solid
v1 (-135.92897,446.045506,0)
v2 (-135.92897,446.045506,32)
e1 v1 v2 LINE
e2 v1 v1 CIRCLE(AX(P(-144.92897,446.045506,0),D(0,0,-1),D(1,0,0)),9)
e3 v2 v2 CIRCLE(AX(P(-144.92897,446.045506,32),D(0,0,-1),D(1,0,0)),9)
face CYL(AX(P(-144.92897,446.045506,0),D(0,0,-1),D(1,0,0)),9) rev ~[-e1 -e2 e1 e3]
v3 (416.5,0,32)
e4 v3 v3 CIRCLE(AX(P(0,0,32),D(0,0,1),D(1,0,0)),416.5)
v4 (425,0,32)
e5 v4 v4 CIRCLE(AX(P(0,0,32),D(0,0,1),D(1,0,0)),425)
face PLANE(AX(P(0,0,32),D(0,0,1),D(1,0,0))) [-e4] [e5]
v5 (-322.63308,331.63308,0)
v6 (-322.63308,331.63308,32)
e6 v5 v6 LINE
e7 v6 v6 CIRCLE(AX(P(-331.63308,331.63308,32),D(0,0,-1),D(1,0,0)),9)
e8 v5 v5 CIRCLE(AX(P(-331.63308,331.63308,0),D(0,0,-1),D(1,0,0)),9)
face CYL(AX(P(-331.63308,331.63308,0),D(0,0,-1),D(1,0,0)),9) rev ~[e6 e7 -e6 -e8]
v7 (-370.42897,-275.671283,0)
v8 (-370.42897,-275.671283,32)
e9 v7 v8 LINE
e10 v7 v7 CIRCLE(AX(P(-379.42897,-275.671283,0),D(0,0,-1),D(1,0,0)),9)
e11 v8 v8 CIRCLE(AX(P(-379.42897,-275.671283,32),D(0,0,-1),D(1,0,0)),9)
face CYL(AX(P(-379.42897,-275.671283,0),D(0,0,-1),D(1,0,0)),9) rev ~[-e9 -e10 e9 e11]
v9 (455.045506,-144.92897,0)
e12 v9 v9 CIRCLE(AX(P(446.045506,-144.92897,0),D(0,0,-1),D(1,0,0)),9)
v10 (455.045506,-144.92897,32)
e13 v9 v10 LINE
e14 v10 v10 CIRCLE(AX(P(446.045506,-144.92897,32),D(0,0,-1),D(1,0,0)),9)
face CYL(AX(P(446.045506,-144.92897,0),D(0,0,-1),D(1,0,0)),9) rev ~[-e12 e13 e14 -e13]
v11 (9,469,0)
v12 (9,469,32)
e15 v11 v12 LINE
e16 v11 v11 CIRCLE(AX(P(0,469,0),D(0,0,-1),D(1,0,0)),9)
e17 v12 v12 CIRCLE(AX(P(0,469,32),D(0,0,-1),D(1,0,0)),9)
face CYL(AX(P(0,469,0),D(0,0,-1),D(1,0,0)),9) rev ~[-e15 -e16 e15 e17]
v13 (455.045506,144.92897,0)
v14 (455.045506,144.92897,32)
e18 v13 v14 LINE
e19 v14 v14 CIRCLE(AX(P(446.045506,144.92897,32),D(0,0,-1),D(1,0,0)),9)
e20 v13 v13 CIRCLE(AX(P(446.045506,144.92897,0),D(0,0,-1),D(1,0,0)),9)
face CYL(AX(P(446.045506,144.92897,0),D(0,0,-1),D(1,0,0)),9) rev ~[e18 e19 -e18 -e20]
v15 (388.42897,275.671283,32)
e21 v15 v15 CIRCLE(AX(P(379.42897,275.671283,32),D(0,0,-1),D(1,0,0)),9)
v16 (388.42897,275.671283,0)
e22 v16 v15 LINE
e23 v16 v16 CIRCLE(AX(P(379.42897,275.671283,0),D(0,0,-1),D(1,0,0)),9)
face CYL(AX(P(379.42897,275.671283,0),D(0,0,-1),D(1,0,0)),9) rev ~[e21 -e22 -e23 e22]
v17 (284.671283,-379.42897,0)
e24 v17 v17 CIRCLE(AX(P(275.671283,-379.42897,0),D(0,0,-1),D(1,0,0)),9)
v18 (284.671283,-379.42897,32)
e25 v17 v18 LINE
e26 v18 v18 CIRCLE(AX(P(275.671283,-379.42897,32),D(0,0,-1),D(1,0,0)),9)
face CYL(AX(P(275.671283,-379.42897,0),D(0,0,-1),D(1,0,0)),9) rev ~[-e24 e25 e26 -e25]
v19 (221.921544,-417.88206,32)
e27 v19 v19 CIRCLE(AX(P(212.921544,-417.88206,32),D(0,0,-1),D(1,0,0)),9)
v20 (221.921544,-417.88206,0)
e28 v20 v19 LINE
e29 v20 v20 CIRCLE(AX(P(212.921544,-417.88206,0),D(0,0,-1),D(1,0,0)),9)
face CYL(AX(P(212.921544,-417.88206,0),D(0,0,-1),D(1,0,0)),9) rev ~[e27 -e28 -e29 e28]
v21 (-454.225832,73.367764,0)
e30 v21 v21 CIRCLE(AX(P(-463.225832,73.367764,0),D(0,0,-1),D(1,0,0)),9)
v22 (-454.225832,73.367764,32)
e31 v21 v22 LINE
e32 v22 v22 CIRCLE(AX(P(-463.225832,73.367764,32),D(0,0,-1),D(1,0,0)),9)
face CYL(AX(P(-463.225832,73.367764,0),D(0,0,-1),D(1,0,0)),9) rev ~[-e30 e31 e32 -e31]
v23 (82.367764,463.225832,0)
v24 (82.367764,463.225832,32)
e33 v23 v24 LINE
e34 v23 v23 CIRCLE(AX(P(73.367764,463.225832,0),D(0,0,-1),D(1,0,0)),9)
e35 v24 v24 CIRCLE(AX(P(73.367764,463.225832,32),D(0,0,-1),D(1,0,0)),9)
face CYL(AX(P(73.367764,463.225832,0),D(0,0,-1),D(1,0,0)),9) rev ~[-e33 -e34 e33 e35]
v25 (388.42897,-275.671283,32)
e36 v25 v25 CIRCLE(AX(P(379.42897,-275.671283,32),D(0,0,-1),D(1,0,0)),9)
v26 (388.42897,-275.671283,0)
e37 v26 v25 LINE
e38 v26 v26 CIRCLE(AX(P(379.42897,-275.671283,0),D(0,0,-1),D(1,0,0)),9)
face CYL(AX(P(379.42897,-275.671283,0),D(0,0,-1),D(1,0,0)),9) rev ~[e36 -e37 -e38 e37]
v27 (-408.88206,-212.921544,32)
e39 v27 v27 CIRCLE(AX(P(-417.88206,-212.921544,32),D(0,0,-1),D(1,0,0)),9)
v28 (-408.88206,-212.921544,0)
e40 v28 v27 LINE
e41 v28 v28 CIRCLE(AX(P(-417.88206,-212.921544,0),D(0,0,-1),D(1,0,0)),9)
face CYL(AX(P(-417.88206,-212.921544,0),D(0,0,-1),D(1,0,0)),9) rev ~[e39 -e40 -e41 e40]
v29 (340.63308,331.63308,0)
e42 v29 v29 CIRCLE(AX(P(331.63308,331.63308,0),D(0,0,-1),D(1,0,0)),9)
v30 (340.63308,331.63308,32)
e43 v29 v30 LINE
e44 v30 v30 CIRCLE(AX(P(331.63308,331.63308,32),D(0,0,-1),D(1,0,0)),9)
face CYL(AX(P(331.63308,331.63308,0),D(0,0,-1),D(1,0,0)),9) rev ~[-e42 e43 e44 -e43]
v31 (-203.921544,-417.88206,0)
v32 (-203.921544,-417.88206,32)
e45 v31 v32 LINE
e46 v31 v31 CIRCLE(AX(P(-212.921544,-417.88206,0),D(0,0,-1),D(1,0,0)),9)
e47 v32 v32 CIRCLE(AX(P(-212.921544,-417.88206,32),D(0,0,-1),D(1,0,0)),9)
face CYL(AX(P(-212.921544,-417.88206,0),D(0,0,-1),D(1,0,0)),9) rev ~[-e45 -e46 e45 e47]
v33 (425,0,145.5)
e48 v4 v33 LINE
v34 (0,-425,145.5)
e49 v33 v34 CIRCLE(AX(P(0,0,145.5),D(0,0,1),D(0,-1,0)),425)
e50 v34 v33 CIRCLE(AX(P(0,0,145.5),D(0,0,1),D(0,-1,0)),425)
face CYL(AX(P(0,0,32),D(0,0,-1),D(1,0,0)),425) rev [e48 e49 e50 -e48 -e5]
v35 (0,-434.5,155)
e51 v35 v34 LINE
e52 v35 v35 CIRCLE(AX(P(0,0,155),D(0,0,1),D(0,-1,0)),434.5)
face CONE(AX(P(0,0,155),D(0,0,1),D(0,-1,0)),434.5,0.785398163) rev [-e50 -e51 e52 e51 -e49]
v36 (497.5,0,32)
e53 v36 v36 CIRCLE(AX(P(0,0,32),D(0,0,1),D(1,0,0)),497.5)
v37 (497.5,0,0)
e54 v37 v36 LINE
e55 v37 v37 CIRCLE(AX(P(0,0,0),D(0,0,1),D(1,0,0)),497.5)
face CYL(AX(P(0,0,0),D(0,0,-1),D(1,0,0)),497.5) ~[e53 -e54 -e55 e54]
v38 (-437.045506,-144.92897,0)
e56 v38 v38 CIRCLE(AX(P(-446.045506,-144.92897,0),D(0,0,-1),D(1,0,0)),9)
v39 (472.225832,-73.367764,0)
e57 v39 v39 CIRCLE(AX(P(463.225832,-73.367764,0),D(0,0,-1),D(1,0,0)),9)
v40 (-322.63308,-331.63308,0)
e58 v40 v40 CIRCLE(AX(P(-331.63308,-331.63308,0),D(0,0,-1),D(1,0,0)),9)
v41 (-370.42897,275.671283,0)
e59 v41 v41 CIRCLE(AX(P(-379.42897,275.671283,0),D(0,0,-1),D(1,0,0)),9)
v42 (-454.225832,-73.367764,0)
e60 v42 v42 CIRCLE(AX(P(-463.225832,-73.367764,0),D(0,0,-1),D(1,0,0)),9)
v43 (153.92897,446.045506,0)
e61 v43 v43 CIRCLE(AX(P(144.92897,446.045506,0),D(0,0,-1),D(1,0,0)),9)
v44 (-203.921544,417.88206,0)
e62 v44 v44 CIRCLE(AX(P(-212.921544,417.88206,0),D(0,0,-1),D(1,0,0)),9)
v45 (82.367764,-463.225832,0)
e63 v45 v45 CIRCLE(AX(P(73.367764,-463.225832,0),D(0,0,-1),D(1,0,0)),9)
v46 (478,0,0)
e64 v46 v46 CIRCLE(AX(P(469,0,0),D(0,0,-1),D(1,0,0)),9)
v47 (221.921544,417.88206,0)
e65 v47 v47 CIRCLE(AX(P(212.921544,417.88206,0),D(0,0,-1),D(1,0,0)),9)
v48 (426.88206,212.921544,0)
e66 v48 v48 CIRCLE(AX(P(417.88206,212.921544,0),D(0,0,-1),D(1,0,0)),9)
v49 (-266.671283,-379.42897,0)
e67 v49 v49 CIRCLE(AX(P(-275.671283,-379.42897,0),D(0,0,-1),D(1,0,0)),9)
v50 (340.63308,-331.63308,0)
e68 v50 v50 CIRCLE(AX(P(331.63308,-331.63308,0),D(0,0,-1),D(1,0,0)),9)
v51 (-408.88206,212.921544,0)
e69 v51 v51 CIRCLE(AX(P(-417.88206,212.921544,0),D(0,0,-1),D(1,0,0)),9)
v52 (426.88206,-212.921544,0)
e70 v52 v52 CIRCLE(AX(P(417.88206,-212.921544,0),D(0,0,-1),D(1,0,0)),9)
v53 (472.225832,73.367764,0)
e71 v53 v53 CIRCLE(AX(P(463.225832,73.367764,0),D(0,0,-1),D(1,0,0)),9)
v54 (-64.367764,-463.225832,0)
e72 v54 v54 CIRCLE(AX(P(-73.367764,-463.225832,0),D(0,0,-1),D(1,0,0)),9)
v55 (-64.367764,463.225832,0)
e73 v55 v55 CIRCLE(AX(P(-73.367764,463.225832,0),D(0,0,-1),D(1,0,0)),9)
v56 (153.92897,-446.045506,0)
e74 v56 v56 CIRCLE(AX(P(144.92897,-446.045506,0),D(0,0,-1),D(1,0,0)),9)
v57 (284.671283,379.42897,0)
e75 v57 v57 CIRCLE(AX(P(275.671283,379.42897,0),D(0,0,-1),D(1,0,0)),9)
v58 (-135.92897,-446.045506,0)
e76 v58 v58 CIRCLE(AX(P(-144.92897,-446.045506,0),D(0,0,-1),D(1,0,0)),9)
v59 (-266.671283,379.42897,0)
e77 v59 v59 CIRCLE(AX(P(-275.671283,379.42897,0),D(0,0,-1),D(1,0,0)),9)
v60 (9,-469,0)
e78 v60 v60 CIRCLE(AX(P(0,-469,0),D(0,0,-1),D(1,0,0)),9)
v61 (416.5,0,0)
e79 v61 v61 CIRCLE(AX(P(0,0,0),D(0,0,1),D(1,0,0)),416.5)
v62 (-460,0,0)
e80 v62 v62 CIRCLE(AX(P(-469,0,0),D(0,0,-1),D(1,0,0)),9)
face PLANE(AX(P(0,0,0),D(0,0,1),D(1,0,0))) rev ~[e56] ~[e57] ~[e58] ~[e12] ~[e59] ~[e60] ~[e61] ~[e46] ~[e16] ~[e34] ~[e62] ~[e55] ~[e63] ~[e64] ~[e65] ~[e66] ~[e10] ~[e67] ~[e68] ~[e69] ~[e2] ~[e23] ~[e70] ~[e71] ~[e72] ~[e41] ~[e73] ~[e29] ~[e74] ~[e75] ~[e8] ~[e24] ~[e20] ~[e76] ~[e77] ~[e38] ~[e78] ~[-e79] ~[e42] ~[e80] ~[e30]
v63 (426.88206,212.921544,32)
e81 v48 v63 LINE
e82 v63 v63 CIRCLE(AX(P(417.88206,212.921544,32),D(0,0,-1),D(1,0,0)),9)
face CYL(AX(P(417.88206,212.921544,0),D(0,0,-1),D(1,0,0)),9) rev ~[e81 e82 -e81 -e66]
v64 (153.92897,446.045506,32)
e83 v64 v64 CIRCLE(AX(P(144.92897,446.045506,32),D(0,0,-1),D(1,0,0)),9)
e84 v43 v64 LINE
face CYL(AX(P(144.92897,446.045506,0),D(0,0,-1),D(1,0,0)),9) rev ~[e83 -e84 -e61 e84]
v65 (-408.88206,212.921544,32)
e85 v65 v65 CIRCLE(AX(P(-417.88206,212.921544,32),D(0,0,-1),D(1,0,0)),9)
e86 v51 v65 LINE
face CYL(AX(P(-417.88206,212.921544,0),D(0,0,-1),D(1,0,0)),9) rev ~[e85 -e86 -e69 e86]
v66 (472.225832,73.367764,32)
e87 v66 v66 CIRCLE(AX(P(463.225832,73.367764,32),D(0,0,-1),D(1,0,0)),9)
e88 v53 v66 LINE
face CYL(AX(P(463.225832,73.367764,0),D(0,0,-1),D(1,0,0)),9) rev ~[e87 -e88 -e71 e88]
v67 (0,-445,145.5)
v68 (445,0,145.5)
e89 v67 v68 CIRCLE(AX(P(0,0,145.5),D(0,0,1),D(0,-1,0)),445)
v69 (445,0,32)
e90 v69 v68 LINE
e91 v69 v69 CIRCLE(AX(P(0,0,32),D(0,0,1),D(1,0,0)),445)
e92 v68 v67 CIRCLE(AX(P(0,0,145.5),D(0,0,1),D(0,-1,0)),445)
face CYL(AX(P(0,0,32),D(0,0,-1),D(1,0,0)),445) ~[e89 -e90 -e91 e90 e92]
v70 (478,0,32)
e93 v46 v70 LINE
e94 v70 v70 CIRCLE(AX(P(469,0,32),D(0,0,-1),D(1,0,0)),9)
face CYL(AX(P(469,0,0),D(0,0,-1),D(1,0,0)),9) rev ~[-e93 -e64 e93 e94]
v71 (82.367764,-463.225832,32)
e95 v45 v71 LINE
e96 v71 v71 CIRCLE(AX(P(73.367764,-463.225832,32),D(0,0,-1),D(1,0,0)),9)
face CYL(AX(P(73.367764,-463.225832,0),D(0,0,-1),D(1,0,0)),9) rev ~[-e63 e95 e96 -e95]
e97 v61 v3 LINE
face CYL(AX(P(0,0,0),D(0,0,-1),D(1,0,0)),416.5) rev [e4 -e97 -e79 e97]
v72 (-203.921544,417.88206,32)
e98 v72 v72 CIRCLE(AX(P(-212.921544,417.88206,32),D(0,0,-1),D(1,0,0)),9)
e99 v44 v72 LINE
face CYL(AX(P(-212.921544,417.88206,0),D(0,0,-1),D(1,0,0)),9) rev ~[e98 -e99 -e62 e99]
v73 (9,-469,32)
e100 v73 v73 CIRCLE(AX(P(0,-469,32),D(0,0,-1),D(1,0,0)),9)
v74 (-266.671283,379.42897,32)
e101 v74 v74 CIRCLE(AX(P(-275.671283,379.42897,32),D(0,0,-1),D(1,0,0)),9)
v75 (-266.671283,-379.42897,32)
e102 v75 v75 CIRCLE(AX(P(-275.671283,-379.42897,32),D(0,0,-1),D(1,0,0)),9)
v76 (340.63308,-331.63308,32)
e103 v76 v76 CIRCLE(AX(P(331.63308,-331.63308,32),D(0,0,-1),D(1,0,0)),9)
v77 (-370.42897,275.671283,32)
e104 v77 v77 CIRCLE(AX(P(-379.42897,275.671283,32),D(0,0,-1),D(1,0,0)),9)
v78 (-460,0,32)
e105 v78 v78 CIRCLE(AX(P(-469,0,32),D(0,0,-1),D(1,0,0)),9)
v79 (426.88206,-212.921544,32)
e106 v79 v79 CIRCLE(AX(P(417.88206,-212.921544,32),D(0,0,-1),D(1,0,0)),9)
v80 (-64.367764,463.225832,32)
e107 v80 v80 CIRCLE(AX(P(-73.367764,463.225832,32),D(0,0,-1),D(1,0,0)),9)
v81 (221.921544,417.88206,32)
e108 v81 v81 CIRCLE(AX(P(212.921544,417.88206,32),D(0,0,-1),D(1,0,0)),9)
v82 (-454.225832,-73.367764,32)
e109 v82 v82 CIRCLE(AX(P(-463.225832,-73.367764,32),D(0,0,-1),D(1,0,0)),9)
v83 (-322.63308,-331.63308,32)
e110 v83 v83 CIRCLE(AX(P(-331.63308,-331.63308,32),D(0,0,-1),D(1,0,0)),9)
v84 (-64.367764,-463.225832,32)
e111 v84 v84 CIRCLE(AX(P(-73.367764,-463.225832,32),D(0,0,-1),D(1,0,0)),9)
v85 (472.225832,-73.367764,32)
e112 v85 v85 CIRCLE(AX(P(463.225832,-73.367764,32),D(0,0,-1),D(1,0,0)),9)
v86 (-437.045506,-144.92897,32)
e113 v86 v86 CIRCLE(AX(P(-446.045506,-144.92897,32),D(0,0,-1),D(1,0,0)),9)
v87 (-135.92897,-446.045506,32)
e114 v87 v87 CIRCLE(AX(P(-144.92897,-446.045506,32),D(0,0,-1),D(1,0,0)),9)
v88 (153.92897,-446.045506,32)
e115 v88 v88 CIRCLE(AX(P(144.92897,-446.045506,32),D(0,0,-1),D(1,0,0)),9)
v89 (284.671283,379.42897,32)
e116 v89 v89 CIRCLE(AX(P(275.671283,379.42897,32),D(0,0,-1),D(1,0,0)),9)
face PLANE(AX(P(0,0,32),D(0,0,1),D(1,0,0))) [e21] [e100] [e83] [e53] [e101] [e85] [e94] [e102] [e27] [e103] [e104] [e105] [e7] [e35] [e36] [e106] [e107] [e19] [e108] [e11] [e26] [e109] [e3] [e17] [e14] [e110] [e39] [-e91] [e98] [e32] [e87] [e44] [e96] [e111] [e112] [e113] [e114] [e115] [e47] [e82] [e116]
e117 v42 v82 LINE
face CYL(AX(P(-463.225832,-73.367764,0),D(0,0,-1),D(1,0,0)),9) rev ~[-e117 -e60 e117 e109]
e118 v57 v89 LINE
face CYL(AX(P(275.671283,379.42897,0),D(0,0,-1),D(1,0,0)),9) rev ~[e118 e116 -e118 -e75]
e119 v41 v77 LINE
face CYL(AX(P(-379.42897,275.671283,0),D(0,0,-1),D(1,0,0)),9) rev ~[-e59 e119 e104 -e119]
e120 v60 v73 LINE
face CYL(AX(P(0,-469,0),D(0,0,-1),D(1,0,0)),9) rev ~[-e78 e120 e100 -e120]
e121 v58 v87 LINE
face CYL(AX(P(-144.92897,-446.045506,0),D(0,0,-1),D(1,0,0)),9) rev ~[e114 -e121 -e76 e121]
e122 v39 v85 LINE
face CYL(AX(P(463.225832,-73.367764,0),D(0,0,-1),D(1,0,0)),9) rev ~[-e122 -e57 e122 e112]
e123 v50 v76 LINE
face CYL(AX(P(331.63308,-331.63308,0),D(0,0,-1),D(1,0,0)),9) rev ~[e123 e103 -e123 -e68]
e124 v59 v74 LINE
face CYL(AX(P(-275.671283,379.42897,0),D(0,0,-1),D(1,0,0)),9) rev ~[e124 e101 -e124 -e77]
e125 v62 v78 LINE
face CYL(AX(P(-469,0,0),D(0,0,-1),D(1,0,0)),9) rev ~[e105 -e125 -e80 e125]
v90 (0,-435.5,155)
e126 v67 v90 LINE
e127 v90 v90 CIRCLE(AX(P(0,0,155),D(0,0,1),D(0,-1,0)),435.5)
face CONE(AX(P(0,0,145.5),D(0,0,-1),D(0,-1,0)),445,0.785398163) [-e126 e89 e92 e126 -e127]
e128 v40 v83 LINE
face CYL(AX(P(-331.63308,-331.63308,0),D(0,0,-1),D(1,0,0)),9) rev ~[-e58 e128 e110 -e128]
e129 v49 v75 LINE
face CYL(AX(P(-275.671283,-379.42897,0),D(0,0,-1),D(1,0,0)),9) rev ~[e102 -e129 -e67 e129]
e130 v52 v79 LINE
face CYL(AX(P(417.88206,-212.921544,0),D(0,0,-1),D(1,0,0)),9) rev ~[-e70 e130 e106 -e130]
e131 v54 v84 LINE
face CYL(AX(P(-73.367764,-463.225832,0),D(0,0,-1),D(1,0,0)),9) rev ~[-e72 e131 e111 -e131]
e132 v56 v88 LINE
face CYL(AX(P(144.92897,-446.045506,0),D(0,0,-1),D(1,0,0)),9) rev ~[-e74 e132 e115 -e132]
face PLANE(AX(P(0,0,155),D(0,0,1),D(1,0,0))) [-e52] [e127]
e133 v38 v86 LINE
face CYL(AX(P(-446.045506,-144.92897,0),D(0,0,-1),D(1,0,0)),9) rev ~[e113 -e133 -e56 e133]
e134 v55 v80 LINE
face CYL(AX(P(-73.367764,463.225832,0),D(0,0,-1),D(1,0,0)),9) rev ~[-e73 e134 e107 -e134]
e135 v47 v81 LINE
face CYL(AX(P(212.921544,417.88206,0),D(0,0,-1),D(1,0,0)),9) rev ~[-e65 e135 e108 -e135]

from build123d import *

# Parameters (mm, degrees)
F0_R     = 497.5
F0_R_2   = 416.5
F1_DEPTH = 32
F2_R     = 445
F2_R_2   = 425
F3_DEPTH = 123
F6_R     = 9
F7_DEPTH = 155.001


with BuildPart() as f1:
    # F0 (on Top) → F1 (new body)
    with BuildSketch(Plane.XY):
        Circle(F0_R)
        Circle(F0_R_2, mode=Mode.SUBTRACT)
    extrude(amount=F1_DEPTH)

    # F2 (on face) → F3 (join)
    with BuildSketch(Plane.XY.offset(32)):
        Circle(F2_R)
        Circle(F2_R_2, mode=Mode.SUBTRACT)
    extrude(amount=F3_DEPTH)

    # F4 (on Right) → F5 (revolve, cut)
    with BuildSketch(Plane.YZ):
        Polygon((-445, 155), (-445, 145.5), (-435.5, 155), align=None)
        Polygon((-425, 155), (-434.5, 155), (-425, 145.5), align=None)
    revolve(axis=Axis((0, 0, 155), (0, 0, 1)), mode=Mode.SUBTRACT)

    # F6 (on face) → F7 (cut, through all)
    with BuildSketch(Plane(origin=(0, 0, 0), x_dir=(1, 0, 0), z_dir=(0, 0, -1))):
        with Locations((0, 469)):
            Circle(F6_R)
        with Locations((73.367764, 463.225832)):
            Circle(F6_R)
        with Locations((144.92897, 446.045506)):
            Circle(F6_R)
        with Locations((212.921544, 417.88206)):
            Circle(F6_R)
        with Locations((275.671283, 379.42897)):
            Circle(F6_R)
        with Locations((331.63308, 331.63308)):
            Circle(F6_R)
        with Locations((379.42897, 275.671283)):
            Circle(F6_R)
        with Locations((417.88206, 212.921544)):
            Circle(F6_R)
        with Locations((446.045506, 144.92897)):
            Circle(F6_R)
        with Locations((463.225832, 73.367764)):
            Circle(F6_R)
        with Locations((469, 0)):
            Circle(F6_R)
        with Locations((463.225832, -73.367764)):
            Circle(F6_R)
        with Locations((446.045506, -144.92897)):
            Circle(F6_R)
        with Locations((417.88206, -212.921544)):
            Circle(F6_R)
        with Locations((379.42897, -275.671283)):
            Circle(F6_R)
        with Locations((331.63308, -331.63308)):
            Circle(F6_R)
        with Locations((275.671283, -379.42897)):
            Circle(F6_R)
        with Locations((212.921544, -417.88206)):
            Circle(F6_R)
        with Locations((144.92897, -446.045506)):
            Circle(F6_R)
        with Locations((73.367764, -463.225832)):
            Circle(F6_R)
        with Locations((0, -469)):
            Circle(F6_R)
        with Locations((-73.367764, -463.225832)):
            Circle(F6_R)
        with Locations((-144.92897, -446.045506)):
            Circle(F6_R)
        with Locations((-212.921544, -417.88206)):
            Circle(F6_R)
        with Locations((-275.671283, -379.42897)):
            Circle(F6_R)
        with Locations((-331.63308, -331.63308)):
            Circle(F6_R)
        with Locations((-379.42897, -275.671283)):
            Circle(F6_R)
        with Locations((-417.88206, -212.921544)):
            Circle(F6_R)
        with Locations((-463.225832, -73.367764)):
            Circle(F6_R)
        with Locations((-469, 0)):
            Circle(F6_R)
        with Locations((-463.225832, 73.367764)):
            Circle(F6_R)
        with Locations((-446.045506, 144.92897)):
            Circle(F6_R)
        with Locations((-417.88206, 212.921544)):
            Circle(F6_R)
        with Locations((-379.42897, 275.671283)):
            Circle(F6_R)
        with Locations((-331.63308, 331.63308)):
            Circle(F6_R)
        with Locations((-275.671283, 379.42897)):
            Circle(F6_R)
        with Locations((-212.921544, 417.88206)):
            Circle(F6_R)
        with Locations((-144.92897, 446.045506)):
            Circle(F6_R)
        with Locations((-73.367764, 463.225832)):
            Circle(F6_R)
    extrude(amount=-F7_DEPTH, mode=Mode.SUBTRACT)


solid = f1.part
